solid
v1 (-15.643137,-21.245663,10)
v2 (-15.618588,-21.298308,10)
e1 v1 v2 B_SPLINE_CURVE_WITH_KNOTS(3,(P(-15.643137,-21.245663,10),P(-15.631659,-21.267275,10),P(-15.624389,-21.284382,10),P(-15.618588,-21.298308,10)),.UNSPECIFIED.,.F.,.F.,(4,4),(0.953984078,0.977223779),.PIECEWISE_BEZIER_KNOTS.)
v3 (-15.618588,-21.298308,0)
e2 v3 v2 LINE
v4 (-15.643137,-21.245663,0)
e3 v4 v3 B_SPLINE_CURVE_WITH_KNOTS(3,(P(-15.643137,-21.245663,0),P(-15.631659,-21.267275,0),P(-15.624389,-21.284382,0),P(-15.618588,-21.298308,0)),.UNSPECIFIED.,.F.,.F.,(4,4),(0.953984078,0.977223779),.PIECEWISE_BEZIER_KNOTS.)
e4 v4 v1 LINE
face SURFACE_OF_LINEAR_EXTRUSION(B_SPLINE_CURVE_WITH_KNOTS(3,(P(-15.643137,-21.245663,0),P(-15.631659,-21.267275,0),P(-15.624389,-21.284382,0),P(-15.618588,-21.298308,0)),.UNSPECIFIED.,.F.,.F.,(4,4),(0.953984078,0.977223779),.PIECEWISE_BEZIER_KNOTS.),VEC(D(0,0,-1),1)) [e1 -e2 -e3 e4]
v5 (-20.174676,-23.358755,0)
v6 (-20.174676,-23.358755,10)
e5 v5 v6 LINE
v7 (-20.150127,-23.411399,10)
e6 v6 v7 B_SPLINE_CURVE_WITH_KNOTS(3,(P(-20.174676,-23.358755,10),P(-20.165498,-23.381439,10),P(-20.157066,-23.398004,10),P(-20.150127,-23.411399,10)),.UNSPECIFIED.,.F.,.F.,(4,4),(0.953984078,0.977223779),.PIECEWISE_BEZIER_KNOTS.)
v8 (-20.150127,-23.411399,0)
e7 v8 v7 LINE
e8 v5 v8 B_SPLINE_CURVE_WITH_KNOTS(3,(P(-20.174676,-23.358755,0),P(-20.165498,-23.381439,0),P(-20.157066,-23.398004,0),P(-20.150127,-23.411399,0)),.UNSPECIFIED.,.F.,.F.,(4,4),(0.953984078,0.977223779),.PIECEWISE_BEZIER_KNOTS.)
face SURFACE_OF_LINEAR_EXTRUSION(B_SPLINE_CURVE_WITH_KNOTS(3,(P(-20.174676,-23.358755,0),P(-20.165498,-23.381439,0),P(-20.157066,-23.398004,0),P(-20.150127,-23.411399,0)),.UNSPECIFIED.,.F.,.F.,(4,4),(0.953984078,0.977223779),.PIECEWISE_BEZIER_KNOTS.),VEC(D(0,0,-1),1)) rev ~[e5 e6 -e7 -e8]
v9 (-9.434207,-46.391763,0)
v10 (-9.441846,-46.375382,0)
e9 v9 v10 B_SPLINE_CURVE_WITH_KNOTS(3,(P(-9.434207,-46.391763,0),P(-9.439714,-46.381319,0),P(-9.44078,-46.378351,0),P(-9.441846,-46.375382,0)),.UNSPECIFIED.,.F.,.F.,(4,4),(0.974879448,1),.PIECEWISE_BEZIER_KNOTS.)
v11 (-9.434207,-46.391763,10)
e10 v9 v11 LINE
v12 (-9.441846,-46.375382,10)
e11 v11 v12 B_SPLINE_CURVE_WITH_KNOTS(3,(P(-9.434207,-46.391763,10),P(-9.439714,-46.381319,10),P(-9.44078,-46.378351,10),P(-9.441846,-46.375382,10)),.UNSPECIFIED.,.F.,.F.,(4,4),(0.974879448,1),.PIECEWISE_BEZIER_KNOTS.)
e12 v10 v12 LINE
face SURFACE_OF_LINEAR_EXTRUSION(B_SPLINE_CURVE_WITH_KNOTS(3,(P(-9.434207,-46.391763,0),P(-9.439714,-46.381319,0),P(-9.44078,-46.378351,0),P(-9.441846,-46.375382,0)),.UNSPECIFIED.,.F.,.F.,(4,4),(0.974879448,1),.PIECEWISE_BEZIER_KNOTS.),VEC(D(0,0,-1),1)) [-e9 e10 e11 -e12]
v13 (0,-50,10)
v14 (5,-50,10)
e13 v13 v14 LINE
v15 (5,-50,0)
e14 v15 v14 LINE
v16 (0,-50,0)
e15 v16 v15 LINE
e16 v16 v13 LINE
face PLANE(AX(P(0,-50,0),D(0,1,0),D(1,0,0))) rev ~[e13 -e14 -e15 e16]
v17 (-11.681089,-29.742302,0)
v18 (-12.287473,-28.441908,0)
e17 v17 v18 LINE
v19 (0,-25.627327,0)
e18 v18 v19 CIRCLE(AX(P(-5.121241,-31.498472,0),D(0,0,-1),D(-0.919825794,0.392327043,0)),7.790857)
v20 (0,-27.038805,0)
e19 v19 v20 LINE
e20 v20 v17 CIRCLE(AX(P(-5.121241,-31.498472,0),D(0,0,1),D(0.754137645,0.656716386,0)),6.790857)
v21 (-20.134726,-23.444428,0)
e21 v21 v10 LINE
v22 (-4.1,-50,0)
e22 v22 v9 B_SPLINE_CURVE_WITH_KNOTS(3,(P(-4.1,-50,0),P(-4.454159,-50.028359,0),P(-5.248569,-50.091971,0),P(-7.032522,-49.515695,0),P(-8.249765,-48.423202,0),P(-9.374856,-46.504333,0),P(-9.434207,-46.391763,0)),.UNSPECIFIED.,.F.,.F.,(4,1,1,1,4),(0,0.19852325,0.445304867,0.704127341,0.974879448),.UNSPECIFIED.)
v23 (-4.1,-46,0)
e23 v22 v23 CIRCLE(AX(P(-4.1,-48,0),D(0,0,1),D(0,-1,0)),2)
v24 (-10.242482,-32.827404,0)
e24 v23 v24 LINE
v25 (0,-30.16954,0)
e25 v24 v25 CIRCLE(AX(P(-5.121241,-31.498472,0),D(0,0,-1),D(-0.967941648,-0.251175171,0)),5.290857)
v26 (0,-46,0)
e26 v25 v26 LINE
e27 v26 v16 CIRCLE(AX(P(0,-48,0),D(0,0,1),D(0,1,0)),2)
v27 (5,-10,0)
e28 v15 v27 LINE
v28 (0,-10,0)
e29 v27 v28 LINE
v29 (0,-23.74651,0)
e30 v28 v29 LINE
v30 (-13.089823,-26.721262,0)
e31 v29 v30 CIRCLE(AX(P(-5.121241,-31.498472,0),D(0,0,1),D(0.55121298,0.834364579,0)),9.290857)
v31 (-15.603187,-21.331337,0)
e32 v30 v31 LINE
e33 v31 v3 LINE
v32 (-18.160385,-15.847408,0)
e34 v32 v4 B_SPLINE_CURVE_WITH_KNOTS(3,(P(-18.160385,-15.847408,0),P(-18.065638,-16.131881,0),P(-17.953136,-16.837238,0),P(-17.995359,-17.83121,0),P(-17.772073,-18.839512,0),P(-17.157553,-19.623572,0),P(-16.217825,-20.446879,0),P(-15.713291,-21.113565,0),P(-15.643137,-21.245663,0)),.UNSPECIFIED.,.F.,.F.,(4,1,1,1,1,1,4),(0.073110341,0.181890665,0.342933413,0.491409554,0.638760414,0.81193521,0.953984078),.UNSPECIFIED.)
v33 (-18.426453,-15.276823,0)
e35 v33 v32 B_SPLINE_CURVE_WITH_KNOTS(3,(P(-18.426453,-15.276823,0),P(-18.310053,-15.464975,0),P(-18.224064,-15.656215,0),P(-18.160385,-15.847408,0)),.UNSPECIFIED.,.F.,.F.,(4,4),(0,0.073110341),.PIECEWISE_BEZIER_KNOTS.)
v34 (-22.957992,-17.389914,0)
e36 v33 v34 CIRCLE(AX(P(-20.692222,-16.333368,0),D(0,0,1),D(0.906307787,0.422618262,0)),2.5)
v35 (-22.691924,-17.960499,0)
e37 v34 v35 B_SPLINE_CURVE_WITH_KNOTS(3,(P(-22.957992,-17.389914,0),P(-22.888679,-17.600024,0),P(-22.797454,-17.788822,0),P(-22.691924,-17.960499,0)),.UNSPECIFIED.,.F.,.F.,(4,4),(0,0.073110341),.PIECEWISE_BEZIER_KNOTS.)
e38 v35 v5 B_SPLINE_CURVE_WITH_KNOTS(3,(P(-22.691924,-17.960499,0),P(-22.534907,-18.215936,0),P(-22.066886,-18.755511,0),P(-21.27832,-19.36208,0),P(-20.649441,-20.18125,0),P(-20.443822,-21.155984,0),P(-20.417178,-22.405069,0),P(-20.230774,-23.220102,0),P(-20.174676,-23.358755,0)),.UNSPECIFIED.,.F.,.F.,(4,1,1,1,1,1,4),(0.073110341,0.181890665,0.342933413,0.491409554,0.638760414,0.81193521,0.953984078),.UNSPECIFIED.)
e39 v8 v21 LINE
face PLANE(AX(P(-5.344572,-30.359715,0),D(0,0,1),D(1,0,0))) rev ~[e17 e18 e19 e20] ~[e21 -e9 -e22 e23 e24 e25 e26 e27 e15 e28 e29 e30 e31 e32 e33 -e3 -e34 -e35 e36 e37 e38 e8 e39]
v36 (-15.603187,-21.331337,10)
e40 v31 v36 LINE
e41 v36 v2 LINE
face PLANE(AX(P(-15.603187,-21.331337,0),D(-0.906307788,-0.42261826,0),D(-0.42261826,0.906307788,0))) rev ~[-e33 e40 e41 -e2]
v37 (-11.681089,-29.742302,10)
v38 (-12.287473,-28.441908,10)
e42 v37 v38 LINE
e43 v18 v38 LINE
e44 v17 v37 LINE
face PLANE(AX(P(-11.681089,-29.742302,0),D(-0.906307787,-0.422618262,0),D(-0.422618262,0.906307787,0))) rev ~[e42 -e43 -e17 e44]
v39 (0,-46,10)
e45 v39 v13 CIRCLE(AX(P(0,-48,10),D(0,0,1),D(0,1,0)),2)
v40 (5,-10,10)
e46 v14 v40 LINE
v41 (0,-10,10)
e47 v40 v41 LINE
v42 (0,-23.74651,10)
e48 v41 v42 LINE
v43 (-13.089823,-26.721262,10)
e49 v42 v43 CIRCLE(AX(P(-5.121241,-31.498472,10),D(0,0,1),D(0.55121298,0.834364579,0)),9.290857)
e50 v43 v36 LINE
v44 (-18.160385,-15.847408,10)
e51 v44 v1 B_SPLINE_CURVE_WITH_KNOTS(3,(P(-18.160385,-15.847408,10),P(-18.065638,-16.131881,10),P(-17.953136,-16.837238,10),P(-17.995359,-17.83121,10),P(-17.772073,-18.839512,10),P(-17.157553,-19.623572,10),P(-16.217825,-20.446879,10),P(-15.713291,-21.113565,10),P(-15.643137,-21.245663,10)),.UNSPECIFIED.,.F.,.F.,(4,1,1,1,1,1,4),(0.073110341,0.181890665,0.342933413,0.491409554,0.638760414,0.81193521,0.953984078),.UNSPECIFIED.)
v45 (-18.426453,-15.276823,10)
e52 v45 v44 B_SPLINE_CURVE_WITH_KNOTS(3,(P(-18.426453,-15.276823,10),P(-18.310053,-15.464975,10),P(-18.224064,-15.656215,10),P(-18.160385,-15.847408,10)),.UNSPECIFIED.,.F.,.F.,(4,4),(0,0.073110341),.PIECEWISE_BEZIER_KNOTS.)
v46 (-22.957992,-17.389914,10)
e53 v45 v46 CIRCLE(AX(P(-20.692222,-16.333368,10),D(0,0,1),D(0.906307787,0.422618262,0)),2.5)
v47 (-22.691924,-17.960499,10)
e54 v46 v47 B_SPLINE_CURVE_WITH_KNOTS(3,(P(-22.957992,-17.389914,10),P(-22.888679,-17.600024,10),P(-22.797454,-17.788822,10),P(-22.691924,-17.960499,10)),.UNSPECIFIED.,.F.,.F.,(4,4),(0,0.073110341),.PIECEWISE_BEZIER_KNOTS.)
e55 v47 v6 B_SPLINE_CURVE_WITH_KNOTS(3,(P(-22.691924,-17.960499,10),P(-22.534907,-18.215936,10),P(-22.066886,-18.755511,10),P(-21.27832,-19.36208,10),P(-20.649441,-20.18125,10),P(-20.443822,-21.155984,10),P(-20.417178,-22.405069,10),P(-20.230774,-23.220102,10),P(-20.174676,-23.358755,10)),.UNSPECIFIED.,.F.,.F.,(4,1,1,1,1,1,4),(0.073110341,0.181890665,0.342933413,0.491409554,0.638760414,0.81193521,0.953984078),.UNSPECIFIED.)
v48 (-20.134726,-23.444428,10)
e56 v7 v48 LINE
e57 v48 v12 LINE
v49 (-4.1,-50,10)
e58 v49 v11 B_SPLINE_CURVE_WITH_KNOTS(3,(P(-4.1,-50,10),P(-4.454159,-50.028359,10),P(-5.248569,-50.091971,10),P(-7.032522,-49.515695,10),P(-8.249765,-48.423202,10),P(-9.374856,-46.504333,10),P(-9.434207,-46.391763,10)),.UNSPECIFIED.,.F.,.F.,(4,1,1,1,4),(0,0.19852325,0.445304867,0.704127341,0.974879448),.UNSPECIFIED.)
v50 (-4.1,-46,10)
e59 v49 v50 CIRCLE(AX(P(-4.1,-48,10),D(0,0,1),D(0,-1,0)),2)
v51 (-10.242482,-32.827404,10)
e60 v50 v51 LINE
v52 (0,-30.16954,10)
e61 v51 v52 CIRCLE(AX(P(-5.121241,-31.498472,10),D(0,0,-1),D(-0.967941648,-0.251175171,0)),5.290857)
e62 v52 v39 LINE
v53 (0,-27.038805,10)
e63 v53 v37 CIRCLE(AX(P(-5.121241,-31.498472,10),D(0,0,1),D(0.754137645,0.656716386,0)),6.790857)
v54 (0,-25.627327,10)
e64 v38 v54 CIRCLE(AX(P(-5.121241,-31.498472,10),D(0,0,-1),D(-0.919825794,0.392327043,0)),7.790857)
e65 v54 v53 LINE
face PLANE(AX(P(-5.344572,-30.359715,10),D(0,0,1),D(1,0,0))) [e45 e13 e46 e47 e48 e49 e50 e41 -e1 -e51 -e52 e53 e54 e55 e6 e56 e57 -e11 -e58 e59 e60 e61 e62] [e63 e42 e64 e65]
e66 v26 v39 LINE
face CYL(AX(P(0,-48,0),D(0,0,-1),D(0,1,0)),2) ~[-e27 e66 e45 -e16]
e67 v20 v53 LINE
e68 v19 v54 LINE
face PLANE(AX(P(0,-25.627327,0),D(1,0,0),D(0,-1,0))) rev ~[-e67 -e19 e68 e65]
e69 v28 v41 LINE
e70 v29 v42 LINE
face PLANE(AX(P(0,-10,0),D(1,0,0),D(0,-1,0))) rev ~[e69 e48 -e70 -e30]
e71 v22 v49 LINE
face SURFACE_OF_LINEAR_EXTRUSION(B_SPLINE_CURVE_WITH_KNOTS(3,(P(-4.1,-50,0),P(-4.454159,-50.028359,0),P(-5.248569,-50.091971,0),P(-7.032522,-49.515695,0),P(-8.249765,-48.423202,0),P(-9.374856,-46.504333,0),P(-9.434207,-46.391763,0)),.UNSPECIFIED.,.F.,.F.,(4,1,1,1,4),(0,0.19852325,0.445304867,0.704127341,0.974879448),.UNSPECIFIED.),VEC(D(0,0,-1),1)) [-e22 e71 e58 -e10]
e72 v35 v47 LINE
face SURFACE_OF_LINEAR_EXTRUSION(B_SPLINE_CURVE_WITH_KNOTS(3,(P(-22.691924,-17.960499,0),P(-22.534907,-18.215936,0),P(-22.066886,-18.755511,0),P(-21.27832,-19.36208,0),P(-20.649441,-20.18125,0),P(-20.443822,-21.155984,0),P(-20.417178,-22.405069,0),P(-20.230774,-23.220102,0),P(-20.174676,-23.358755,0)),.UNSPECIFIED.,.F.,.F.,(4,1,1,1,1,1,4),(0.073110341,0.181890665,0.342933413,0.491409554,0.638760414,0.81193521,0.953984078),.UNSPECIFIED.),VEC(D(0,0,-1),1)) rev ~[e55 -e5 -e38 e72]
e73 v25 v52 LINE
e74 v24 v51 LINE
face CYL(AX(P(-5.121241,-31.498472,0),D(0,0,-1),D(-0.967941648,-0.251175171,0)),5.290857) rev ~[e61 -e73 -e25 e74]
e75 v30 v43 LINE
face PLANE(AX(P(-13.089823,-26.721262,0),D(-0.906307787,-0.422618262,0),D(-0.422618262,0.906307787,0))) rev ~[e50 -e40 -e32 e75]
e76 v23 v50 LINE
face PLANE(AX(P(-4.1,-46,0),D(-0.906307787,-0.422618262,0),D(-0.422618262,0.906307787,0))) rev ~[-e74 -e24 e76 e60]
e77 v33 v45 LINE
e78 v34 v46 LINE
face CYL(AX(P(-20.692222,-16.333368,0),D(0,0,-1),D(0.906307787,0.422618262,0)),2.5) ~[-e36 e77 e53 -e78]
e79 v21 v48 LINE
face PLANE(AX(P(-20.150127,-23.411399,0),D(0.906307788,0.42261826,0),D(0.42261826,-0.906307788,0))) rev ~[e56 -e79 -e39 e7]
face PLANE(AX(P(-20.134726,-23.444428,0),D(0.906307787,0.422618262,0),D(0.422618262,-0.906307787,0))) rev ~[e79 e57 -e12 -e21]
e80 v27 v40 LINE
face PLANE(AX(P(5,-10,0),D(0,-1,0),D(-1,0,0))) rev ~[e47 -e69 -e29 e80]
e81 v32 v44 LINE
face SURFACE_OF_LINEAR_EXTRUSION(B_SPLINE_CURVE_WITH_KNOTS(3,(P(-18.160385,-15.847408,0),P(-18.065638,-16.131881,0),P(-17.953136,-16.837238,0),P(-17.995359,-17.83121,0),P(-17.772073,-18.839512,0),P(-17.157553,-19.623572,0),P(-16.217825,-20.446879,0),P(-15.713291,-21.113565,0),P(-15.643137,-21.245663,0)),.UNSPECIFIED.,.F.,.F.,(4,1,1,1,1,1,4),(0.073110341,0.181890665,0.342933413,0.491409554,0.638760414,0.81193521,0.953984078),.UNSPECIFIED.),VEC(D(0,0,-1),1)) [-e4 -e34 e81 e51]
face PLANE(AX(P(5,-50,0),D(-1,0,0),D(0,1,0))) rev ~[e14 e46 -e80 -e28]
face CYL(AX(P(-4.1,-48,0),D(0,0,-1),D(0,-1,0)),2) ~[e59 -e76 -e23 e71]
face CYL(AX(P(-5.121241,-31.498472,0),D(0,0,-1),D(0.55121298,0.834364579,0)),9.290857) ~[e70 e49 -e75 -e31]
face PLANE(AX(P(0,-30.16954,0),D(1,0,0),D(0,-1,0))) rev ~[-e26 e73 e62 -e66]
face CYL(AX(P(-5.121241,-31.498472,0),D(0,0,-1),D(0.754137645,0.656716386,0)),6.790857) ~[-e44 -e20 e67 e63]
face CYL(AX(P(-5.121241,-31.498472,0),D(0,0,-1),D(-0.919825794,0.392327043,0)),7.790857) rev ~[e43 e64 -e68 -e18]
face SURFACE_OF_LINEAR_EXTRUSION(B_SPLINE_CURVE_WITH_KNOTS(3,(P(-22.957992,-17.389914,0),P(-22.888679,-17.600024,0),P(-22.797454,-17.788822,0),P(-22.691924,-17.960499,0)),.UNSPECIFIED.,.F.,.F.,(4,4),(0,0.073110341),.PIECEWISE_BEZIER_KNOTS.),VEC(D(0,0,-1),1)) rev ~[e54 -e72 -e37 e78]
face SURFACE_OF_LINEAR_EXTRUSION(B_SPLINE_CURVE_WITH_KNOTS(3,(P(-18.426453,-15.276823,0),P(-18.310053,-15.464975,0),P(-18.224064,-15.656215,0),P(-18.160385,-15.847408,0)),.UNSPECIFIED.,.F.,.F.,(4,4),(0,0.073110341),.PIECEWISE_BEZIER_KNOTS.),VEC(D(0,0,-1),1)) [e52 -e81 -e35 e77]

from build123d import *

# Parameters (mm, degrees)
F1_DEPTH = 10


with BuildPart() as f1:
    # F0 (on Top) → F1 (new body)
    with BuildSketch(Plane.XY):
        with BuildLine():
            Line((0, -46), (0, -50))
            Line((0, -50), (5, -50))
            Line((5, -50), (5, -10))
            Line((5, -10), (0, -10))
            Line((0, -10), (0, -23.7465099845))
            ThreePointArc((0, -23.7465099845), (-7.1801547597, -22.4386210052), (-13.0898229619, -26.7212624441))
            Line((-13.0898229619, -26.7212624441), (-15.6031865868, -21.3313367567))
            add(Edge.make_bspline(
                [(-15.6185883161, -21.2983076415), (-15.6129030009, -21.3119560262), (-15.60862851, -21.3225498466), (-15.6031865868, -21.3313367567)],
                knots=[0.977223779, 0.977223779, 0.977223779, 0.977223779, 1, 1, 1, 1], degree=3))
            Line((-15.6185883161, -21.2983076415), (-15.6431366995, -21.2456634636))
            add(Edge.make_bspline(
                [(-18.1603847106, -15.8474076831), (-18.0656375135, -16.1318812632), (-17.9531363317, -16.8372382113), (-17.9953586247, -17.8312101574), (-17.7720732827, -18.8395115429), (-17.1575531127, -19.6235716953), (-16.2178245743, -20.4468788305), (-15.7132912883, -21.1135649229), (-15.6431366995, -21.2456634636)],
                knots=[0.0731103413, 0.0731103413, 0.0731103413, 0.0731103413, 0.1818906652, 0.3429334127, 0.4914095539, 0.638760414, 0.8119352102, 0.9539840777, 0.9539840777, 0.9539840777, 0.9539840777], degree=3))
            Line((-18.1603847106, -15.8474076831), (-18.4264528089, -15.276822805))
            ThreePointArc((-18.4264528089, -15.276822805), (-21.7487679308, -14.0675989918), (-22.9579917441, -17.3899141137))
            Line((-22.9579917441, -17.3899141137), (-22.6919236458, -17.9604989918))
            add(Edge.make_bspline(
                [(-22.6919236458, -17.9604989918), (-22.5349065648, -18.2159356482), (-22.0668861601, -18.7555112601), (-21.2783195074, -19.3620799584), (-20.6494408853, -20.1812500913), (-20.4438219137, -21.1559840039), (-20.4171779187, -22.4050694543), (-20.2307744872, -23.2201019342), (-20.1746756346, -23.3587547723)],
                knots=[0.0731103413, 0.0731103413, 0.0731103413, 0.0731103413, 0.1818906652, 0.3429334127, 0.4914095539, 0.638760414, 0.8119352102, 0.9539840777, 0.9539840777, 0.9539840777, 0.9539840777], degree=3))
            Line((-20.1746756346, -23.3587547723), (-20.1501272513, -23.4113989502))
            add(Edge.make_bspline(
                [(-20.1501272513, -23.4113989502), (-20.1433264323, -23.424527167), (-20.1379586848, -23.4346111934), (-20.134725522, -23.4444280654)],
                knots=[0.977223779, 0.977223779, 0.977223779, 0.977223779, 1, 1, 1, 1], degree=3))
            Line((-20.134725522, -23.4444280654), (-9.4418458787, -46.3753824606))
            Line((-9.4418458787, -46.3753824606), (-9.4342073684, -46.3917632989))
            add(Edge.make_bspline(
                [(-4.1, -50), (-4.4541591547, -50.0283590995), (-5.2485688525, -50.0919710191), (-7.032522068, -49.5156946492), (-8.2497645052, -48.4232019976), (-9.3748561533, -46.5043333773), (-9.4342073684, -46.3917632989)],
                knots=[0, 0, 0, 0, 0.1985232503, 0.4453048669, 0.7041273408, 0.9748794476, 0.9748794476, 0.9748794476, 0.9748794476], degree=3))
            Line((-4.1, -50), (-4.1, -46))
            Line((-4.1, -46), (-10.2424822871, -32.8274042261))
            ThreePointArc((-10.2424822871, -32.8274042261), (-6.450173135, -26.3772310911), (0, -30.1695402432))
            Line((0, -30.1695402432), (0, -46))
        make_face()
        with BuildLine():
            Line((0, -25.6273269635), (0, -27.0388049632))
            ThreePointArc((0, -27.0388049632), (-6.6524566721, -24.8824974745), (-11.6810892829, -29.7423015678))
            Line((-11.6810892829, -29.7423015678), (-12.287472657, -28.4419082256))
            ThreePointArc((-12.287472657, -28.4419082256), (-6.8607707706, -23.9042972089), (0, -25.6273269635))
        make_face(mode=Mode.SUBTRACT)
        with BuildLine():
            ThreePointArc((0, -46), (-2, -48), (0, -50))
            Line((0, -50), (0, -46))
        make_face()
        with BuildLine():
            ThreePointArc((-4.1, -50), (-2.1, -48), (-4.1, -46))
            Line((-4.1, -46), (-4.1, -50))
        make_face()
        with BuildLine():
            add(Edge.make_bspline(
                [(-15.6185883161, -21.2983076415), (-15.6129030009, -21.3119560262), (-15.60862851, -21.3225498466), (-15.6031865868, -21.3313367567)],
                knots=[0.977223779, 0.977223779, 0.977223779, 0.977223779, 1, 1, 1, 1], degree=3))
            Line((-15.6031865868, -21.3313367567), (-15.6185883161, -21.2983076415))
        make_face()
        with BuildLine():
            add(Edge.make_bspline(
                [(-9.4342073684, -46.3917632989), (-9.4397140118, -46.3813189755), (-9.4407799452, -46.3783507181), (-9.4418458787, -46.3753824606)],
                knots=[0.9748794476, 0.9748794476, 0.9748794476, 0.9748794476, 1, 1, 1, 1], degree=3))
            Line((-9.4342073684, -46.3917632989), (-9.4418458787, -46.3753824606))
        make_face()
        with BuildLine():
            Line((-15.6431366995, -21.2456634636), (-15.6185883161, -21.2983076415))
            add(Edge.make_bspline(
                [(-15.6431366995, -21.2456634636), (-15.6316591585, -21.267275256), (-15.6243893237, -21.2843815216), (-15.6185883161, -21.2983076415)],
                knots=[0.9539840777, 0.9539840777, 0.9539840777, 0.9539840777, 0.977223779, 0.977223779, 0.977223779, 0.977223779], degree=3))
        make_face()
        with BuildLine():
            Line((-20.1501272513, -23.4113989502), (-20.134725522, -23.4444280654))
            add(Edge.make_bspline(
                [(-20.1501272513, -23.4113989502), (-20.1433264323, -23.424527167), (-20.1379586848, -23.4346111934), (-20.134725522, -23.4444280654)],
                knots=[0.977223779, 0.977223779, 0.977223779, 0.977223779, 1, 1, 1, 1], degree=3))
        make_face()
        with BuildLine():
            Line((-18.4264528089, -15.276822805), (-18.1603847106, -15.8474076831))
            add(Edge.make_bspline(
                [(-18.4264528089, -15.276822805), (-18.3100529564, -15.464975238), (-18.2240635052, -15.6562153814), (-18.1603847106, -15.8474076831)],
                knots=[0, 0, 0, 0, 0.0731103413, 0.0731103413, 0.0731103413, 0.0731103413], degree=3))
        make_face()
        with BuildLine():
            add(Edge.make_bspline(
                [(-20.1746756346, -23.3587547723), (-20.1654976623, -23.3814388712), (-20.1570664623, -23.3980035833), (-20.1501272513, -23.4113989502)],
                knots=[0.9539840777, 0.9539840777, 0.9539840777, 0.9539840777, 0.977223779, 0.977223779, 0.977223779, 0.977223779], degree=3))
            Line((-20.1501272513, -23.4113989502), (-20.1746756346, -23.3587547723))
        make_face()
        with BuildLine():
            Line((-22.6919236458, -17.9604989918), (-22.9579917441, -17.3899141137))
            add(Edge.make_bspline(
                [(-22.9579917441, -17.3899141137), (-22.8886790012, -17.6000236265), (-22.7974535059, -17.7888221624), (-22.6919236458, -17.9604989918)],
                knots=[0, 0, 0, 0, 0.0731103413, 0.0731103413, 0.0731103413, 0.0731103413], degree=3))
        make_face()
    extrude(amount=F1_DEPTH)


solid = f1.part
